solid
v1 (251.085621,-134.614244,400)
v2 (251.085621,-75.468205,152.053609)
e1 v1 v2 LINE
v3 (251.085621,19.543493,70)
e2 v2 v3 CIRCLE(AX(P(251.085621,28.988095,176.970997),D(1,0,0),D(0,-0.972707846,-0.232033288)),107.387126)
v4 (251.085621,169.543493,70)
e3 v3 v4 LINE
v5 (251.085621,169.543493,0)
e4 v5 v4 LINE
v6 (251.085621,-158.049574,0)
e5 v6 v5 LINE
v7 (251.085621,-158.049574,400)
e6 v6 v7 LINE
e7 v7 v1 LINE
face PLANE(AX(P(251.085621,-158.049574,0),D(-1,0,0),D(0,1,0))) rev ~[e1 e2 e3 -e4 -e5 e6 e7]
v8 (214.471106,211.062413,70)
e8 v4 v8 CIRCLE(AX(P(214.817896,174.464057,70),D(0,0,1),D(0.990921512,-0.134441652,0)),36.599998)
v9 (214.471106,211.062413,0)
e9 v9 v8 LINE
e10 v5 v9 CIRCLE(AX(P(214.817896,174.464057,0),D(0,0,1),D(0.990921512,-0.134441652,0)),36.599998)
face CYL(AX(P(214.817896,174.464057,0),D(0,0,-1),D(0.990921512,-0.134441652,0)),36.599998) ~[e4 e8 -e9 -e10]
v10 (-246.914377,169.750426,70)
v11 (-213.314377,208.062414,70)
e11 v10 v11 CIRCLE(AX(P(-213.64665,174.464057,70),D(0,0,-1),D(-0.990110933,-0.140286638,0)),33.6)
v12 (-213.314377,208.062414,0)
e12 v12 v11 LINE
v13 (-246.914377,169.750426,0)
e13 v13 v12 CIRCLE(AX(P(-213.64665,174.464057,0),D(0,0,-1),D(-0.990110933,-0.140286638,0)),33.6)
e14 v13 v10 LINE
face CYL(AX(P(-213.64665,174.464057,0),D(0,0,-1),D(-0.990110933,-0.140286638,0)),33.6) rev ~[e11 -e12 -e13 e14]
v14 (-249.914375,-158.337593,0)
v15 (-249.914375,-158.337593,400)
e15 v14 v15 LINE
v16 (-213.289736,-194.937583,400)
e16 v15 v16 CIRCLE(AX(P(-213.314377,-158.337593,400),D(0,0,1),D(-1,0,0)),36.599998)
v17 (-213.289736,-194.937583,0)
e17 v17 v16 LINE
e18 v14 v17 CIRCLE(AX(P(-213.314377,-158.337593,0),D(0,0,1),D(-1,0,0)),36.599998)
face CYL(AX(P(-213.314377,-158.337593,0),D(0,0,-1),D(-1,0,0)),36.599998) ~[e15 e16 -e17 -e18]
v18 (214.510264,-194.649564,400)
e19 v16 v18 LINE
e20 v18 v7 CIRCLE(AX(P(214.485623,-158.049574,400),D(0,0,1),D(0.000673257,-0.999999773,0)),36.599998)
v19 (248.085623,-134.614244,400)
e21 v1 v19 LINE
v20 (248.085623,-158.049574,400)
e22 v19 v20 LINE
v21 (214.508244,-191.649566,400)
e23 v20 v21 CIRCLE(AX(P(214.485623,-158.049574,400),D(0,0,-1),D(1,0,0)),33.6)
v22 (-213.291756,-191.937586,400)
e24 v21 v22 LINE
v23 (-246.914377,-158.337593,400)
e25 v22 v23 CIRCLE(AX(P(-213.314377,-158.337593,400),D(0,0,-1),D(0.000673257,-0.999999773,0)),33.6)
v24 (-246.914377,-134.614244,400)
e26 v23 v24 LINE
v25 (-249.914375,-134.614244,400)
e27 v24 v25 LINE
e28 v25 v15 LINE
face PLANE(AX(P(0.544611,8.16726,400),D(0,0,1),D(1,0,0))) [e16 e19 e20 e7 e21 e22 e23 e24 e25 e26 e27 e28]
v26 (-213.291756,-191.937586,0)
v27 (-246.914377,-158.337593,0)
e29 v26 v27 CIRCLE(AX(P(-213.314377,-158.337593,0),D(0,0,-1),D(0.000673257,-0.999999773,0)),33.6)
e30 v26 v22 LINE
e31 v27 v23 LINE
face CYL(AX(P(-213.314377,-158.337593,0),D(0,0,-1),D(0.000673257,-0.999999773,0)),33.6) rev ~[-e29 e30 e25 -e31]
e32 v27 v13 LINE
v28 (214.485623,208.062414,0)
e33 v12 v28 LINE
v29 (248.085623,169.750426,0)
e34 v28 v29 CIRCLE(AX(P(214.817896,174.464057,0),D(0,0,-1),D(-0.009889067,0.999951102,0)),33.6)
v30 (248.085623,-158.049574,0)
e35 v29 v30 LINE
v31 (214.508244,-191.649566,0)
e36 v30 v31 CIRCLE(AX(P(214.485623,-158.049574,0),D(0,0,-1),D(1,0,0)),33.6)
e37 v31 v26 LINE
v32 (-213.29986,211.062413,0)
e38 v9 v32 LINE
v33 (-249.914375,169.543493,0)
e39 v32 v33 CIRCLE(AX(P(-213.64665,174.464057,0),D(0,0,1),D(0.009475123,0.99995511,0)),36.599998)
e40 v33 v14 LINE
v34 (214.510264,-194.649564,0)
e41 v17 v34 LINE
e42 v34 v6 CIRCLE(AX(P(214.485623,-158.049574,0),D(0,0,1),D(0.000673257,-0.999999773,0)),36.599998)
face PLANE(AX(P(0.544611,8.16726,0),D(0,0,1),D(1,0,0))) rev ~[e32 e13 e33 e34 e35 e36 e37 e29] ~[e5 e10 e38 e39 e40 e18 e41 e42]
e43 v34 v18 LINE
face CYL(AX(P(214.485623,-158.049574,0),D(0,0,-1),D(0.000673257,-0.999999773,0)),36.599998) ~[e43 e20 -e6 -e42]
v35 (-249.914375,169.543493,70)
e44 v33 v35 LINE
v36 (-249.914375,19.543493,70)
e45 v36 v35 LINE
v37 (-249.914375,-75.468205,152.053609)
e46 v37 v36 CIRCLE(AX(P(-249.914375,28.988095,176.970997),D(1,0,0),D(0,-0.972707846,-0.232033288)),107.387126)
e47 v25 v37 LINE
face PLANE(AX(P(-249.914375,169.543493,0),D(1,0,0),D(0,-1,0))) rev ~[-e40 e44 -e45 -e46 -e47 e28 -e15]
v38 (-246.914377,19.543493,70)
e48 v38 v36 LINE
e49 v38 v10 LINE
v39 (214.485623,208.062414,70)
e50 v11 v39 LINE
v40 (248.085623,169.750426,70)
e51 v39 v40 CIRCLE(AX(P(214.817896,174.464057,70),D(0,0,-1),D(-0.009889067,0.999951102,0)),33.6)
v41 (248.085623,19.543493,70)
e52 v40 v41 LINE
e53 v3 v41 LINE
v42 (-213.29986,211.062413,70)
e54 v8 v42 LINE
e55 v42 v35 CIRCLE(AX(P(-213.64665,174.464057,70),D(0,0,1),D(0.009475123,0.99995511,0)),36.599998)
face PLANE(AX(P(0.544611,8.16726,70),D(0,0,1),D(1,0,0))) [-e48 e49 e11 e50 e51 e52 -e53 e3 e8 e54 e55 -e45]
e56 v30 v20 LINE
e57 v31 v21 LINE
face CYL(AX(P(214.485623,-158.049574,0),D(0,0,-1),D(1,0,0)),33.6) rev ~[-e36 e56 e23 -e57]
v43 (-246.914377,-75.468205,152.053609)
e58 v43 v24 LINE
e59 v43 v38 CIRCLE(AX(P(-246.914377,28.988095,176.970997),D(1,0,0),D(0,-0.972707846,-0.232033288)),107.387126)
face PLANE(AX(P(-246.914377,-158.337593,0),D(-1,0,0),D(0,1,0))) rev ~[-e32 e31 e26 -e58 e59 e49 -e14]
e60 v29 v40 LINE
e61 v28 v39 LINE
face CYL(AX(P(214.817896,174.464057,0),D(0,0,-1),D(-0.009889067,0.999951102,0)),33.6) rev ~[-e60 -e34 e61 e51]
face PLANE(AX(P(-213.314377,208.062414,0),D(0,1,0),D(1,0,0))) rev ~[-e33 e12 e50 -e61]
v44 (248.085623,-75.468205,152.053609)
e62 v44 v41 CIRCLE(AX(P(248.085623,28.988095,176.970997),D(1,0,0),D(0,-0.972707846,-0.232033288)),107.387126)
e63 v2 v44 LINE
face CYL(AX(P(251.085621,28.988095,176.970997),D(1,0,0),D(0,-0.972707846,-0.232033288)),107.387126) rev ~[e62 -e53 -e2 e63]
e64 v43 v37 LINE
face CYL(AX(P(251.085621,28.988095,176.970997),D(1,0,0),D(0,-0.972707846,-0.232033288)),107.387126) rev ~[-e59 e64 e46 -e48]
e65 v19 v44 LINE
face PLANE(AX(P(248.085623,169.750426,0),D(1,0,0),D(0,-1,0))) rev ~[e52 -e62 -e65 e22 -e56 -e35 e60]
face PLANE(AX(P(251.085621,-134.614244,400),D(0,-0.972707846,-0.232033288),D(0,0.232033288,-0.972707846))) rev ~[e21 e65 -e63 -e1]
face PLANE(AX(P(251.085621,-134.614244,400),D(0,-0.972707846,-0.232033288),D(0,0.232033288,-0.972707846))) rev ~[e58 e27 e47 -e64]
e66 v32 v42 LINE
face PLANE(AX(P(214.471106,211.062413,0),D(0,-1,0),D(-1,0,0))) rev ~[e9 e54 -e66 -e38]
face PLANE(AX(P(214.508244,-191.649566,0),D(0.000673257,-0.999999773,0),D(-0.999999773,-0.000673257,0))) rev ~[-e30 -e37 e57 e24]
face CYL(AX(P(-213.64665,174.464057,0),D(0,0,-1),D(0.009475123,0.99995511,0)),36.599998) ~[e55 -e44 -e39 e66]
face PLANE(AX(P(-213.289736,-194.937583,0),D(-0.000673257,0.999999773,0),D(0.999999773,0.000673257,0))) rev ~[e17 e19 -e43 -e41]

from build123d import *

# Parameters (mm, degrees)
F1_DEPTH = 400
F3_DEPTH = 550
F4_DEPTH = 330


with BuildPart() as f1:
    # F0 (on Top) → F1 (new body)
    with BuildSketch(Plane.XY):
        with BuildLine():
            Line((214.4711060817, 211.0624126145), (-213.2998602418, 211.0624126145))
            ThreePointArc((-213.2998602418, 211.0624126145), (-241.0972159396, 198.6720372021), (-249.9143754115, 169.5434930316))
            Line((-249.9143754115, 169.5434930316), (-249.9143754115, -158.3375933319))
            ThreePointArc((-249.9143754115, -158.3375933319), (-239.1857706386, -184.2264108639), (-213.289735862, -194.9375833684))
            Line((-213.289735862, -194.9375833684), (214.510264138, -194.6495638067))
            ThreePointArc((214.510264138, -194.6495638067), (240.3744404519, -183.9209673287), (251.0856212514, -158.0495737702))
            Line((251.0856212514, -158.0495737702), (251.0856212514, 169.5434930316))
            ThreePointArc((251.0856212514, 169.5434930316), (242.2684617794, 198.6720372021), (214.4711060817, 211.0624126145))
        make_face()
        with BuildLine():
            ThreePointArc((-246.9143770801, 169.7504262298), (-238.9080461949, 196.6185567775), (-213.3143770801, 208.0624142831))
            Line((-213.3143770801, 208.0624142831), (214.4856229199, 208.0624142831))
            ThreePointArc((214.4856229199, 208.0624142831), (240.0792920347, 196.6185567775), (248.0856229199, 169.7504262298))
            Line((248.0856229199, 169.7504262298), (248.0856229199, -158.0495737702))
            ThreePointArc((248.0856229199, -158.0495737702), (238.2524073114, -181.8003623821), (214.5082443671, -191.6495661551))
            Line((214.5082443671, -191.6495661551), (-213.2917556329, -191.9375857169))
            ThreePointArc((-213.2917556329, -191.9375857169), (-237.065165692, -182.1043777234), (-246.9143770801, -158.3375933319))
            Line((-246.9143770801, -158.3375933319), (-246.9143770801, 169.7504262298))
        make_face(mode=Mode.SUBTRACT)
    extrude(amount=F1_DEPTH)

    # F2 (on face) → F3 (cut)
    with BuildSketch(Plane.YZ.offset(251.0856212514)):
        with BuildLine():
            Line((169.5434930316, 400), (-134.6142441034, 400))
            Line((-134.6142441034, 400), (-75.4682049155, 152.0536094904))
            ThreePointArc((-75.4682049155, 152.0536094904), (-41.2013099843, 95.6971256436), (19.5434930316, 70))
            Line((19.5434930316, 70), (169.5434930316, 70))
            Line((169.5434930316, 70), (169.5434930316, 400))
        make_face()
    extrude(amount=-F3_DEPTH, mode=Mode.SUBTRACT)

    # F4 (cut): a face of the model
    f4_faces = [f1.faces().sort_by_distance(p)[0] for p in [
        (241.8909190901, 198.3390915797, 400),
    ]]
    extrude(f4_faces, amount=-F4_DEPTH, mode=Mode.SUBTRACT)


solid = f1.part
